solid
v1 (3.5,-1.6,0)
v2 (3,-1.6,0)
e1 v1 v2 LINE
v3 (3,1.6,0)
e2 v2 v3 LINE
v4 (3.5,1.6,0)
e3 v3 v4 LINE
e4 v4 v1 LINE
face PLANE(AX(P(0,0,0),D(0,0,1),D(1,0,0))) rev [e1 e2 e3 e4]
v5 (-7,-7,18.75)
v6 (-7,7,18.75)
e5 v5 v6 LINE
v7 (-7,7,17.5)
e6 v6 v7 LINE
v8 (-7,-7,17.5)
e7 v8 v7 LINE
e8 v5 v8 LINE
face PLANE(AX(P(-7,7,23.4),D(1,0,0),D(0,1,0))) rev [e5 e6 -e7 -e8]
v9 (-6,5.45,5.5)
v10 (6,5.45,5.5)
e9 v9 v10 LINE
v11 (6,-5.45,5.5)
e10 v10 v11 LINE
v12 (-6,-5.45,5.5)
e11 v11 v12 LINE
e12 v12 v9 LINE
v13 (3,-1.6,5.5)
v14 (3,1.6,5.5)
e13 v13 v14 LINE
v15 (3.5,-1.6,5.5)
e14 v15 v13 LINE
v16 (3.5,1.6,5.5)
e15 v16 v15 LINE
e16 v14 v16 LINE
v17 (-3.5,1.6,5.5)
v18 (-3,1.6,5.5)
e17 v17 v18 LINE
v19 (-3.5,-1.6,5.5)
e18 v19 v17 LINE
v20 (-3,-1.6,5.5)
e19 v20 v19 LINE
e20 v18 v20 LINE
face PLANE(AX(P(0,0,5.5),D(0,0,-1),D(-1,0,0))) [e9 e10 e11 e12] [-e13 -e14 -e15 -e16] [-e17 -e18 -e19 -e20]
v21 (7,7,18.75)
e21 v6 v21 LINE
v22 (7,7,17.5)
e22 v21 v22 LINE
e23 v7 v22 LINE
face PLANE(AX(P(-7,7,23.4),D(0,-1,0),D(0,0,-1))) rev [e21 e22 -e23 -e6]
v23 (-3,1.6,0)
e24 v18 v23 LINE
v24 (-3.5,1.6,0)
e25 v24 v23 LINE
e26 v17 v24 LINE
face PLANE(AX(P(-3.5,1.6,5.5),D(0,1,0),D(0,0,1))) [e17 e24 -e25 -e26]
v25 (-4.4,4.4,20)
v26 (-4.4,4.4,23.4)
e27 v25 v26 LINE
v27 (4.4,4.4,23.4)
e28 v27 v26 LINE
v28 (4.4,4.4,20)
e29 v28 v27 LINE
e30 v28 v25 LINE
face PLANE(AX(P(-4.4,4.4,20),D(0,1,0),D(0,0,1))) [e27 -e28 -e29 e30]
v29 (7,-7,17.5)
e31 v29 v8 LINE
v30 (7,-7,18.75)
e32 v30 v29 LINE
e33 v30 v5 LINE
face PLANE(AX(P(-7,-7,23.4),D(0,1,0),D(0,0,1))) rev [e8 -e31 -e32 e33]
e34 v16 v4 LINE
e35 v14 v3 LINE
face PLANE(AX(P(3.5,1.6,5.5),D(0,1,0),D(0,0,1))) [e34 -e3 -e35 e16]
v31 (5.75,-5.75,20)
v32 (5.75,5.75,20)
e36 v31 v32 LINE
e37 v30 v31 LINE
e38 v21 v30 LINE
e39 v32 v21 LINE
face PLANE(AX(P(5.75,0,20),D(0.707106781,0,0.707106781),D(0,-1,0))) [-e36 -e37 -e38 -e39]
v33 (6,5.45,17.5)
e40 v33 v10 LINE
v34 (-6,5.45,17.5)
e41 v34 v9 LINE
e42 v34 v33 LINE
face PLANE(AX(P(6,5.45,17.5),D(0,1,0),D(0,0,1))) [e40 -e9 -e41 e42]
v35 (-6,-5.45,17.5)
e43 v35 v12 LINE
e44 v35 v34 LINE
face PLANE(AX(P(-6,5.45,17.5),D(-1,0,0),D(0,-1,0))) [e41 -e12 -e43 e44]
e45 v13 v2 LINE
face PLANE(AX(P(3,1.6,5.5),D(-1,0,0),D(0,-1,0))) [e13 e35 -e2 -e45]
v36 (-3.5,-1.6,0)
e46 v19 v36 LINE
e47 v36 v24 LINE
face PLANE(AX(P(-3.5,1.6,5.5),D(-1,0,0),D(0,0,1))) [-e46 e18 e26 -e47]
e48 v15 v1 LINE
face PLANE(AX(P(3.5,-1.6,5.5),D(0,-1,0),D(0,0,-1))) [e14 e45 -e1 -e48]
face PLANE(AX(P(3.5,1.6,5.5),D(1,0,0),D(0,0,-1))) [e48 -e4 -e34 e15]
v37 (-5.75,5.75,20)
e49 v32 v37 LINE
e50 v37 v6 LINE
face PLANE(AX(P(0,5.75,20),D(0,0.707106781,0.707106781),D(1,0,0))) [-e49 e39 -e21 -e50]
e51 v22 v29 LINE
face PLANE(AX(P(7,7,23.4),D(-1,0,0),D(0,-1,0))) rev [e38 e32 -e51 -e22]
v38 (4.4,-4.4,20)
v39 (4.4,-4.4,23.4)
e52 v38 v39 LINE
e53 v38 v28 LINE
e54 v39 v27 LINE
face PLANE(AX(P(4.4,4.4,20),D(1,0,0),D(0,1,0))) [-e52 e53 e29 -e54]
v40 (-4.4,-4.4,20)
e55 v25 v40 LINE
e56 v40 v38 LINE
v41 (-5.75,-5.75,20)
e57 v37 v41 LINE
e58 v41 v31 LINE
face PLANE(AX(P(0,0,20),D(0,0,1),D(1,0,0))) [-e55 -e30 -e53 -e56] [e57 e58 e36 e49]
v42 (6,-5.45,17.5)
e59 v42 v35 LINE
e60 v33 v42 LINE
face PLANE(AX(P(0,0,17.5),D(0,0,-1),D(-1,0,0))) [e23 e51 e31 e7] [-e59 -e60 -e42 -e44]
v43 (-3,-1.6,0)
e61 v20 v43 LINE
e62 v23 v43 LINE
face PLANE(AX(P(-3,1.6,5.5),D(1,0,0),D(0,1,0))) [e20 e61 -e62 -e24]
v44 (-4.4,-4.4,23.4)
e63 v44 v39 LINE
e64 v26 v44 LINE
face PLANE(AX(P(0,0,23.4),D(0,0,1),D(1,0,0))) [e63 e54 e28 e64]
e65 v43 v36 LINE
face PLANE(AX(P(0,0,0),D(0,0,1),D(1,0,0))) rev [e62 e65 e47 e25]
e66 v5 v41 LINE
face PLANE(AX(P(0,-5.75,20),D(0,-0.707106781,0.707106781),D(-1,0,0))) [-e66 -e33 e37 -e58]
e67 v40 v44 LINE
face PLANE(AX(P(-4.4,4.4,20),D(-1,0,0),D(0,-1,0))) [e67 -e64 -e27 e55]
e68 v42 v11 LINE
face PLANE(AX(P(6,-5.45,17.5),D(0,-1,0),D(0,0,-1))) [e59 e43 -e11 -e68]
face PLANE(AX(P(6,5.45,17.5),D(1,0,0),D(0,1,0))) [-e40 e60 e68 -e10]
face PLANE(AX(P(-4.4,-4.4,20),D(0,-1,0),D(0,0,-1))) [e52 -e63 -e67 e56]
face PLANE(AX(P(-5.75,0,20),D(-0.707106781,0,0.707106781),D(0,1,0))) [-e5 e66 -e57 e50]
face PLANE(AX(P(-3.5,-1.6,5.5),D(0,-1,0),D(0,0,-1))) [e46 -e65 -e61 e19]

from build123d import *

# Parameters (mm, degrees)
SKETCH1_W           = 14
SKETCH1_H           = 14
BOSS_EXTRUDE1_DEPTH = 23.4
SKETCH2_W           = 14
SKETCH2_H           = 14
SKETCH2_W_2         = 8.8
SKETCH2_H_2         = 8.8
CUT_EXTRUDE1_DEPTH  = 3.4
SKETCH3_W           = 14
SKETCH3_H           = 14
SKETCH3_W_2         = 12
SKETCH3_H_2         = 10.9
CUT_EXTRUDE2_DEPTH  = 17.5
SKETCH4_W           = 12
SKETCH4_H           = 10.9
SKETCH4_W_2         = 0.5
SKETCH4_H_2         = 3.2
CUT_EXTRUDE3_DEPTH  = 5.5
CHAMFER1_SIZE       = 1.25


with BuildPart() as part:
    # Sketch1 → Boss-Extrude1 (new body)
    with BuildSketch(Plane.XY):
        Rectangle(SKETCH1_W, SKETCH1_H)
    extrude(amount=BOSS_EXTRUDE1_DEPTH)

    # Sketch2 → Cut-Extrude1 (cut)
    with BuildSketch(Plane.XY.offset(23.4)):
        Rectangle(SKETCH2_W, SKETCH2_H)
        Rectangle(SKETCH2_W_2, SKETCH2_H_2, mode=Mode.SUBTRACT)
    extrude(amount=-CUT_EXTRUDE1_DEPTH, mode=Mode.SUBTRACT)

    # Sketch3 → Cut-Extrude2 (cut)
    with BuildSketch(Plane(origin=(0, 0, 0), x_dir=(-1, 0, 0), z_dir=(0, 0, -1))):
        Rectangle(SKETCH3_W, SKETCH3_H)
        Rectangle(SKETCH3_W_2, SKETCH3_H_2, mode=Mode.SUBTRACT)
    extrude(amount=-CUT_EXTRUDE2_DEPTH, mode=Mode.SUBTRACT)

    # Sketch4 → Cut-Extrude3 (cut)
    with BuildSketch(Plane(origin=(0, 0, 0), x_dir=(-1, 0, 0), z_dir=(0, 0, -1))):
        Rectangle(SKETCH4_W, SKETCH4_H)
        with Locations((-3.25, 0)):
            Rectangle(SKETCH4_W_2, SKETCH4_H_2, mode=Mode.SUBTRACT)
        with Locations((3.25, 0)):
            Rectangle(SKETCH4_W_2, SKETCH4_H_2, mode=Mode.SUBTRACT)
    extrude(amount=-CUT_EXTRUDE3_DEPTH, mode=Mode.SUBTRACT)

    # Chamfer1
    chamfer1_edges = [part.edges().sort_by_distance(p)[0] for p in [
        (-7, 0, 20),
        (0, 7, 20),
        (7, 0, 20),
        (0, -7, 20),
    ]]
    chamfer(chamfer1_edges, length=CHAMFER1_SIZE)


solid = part.part
